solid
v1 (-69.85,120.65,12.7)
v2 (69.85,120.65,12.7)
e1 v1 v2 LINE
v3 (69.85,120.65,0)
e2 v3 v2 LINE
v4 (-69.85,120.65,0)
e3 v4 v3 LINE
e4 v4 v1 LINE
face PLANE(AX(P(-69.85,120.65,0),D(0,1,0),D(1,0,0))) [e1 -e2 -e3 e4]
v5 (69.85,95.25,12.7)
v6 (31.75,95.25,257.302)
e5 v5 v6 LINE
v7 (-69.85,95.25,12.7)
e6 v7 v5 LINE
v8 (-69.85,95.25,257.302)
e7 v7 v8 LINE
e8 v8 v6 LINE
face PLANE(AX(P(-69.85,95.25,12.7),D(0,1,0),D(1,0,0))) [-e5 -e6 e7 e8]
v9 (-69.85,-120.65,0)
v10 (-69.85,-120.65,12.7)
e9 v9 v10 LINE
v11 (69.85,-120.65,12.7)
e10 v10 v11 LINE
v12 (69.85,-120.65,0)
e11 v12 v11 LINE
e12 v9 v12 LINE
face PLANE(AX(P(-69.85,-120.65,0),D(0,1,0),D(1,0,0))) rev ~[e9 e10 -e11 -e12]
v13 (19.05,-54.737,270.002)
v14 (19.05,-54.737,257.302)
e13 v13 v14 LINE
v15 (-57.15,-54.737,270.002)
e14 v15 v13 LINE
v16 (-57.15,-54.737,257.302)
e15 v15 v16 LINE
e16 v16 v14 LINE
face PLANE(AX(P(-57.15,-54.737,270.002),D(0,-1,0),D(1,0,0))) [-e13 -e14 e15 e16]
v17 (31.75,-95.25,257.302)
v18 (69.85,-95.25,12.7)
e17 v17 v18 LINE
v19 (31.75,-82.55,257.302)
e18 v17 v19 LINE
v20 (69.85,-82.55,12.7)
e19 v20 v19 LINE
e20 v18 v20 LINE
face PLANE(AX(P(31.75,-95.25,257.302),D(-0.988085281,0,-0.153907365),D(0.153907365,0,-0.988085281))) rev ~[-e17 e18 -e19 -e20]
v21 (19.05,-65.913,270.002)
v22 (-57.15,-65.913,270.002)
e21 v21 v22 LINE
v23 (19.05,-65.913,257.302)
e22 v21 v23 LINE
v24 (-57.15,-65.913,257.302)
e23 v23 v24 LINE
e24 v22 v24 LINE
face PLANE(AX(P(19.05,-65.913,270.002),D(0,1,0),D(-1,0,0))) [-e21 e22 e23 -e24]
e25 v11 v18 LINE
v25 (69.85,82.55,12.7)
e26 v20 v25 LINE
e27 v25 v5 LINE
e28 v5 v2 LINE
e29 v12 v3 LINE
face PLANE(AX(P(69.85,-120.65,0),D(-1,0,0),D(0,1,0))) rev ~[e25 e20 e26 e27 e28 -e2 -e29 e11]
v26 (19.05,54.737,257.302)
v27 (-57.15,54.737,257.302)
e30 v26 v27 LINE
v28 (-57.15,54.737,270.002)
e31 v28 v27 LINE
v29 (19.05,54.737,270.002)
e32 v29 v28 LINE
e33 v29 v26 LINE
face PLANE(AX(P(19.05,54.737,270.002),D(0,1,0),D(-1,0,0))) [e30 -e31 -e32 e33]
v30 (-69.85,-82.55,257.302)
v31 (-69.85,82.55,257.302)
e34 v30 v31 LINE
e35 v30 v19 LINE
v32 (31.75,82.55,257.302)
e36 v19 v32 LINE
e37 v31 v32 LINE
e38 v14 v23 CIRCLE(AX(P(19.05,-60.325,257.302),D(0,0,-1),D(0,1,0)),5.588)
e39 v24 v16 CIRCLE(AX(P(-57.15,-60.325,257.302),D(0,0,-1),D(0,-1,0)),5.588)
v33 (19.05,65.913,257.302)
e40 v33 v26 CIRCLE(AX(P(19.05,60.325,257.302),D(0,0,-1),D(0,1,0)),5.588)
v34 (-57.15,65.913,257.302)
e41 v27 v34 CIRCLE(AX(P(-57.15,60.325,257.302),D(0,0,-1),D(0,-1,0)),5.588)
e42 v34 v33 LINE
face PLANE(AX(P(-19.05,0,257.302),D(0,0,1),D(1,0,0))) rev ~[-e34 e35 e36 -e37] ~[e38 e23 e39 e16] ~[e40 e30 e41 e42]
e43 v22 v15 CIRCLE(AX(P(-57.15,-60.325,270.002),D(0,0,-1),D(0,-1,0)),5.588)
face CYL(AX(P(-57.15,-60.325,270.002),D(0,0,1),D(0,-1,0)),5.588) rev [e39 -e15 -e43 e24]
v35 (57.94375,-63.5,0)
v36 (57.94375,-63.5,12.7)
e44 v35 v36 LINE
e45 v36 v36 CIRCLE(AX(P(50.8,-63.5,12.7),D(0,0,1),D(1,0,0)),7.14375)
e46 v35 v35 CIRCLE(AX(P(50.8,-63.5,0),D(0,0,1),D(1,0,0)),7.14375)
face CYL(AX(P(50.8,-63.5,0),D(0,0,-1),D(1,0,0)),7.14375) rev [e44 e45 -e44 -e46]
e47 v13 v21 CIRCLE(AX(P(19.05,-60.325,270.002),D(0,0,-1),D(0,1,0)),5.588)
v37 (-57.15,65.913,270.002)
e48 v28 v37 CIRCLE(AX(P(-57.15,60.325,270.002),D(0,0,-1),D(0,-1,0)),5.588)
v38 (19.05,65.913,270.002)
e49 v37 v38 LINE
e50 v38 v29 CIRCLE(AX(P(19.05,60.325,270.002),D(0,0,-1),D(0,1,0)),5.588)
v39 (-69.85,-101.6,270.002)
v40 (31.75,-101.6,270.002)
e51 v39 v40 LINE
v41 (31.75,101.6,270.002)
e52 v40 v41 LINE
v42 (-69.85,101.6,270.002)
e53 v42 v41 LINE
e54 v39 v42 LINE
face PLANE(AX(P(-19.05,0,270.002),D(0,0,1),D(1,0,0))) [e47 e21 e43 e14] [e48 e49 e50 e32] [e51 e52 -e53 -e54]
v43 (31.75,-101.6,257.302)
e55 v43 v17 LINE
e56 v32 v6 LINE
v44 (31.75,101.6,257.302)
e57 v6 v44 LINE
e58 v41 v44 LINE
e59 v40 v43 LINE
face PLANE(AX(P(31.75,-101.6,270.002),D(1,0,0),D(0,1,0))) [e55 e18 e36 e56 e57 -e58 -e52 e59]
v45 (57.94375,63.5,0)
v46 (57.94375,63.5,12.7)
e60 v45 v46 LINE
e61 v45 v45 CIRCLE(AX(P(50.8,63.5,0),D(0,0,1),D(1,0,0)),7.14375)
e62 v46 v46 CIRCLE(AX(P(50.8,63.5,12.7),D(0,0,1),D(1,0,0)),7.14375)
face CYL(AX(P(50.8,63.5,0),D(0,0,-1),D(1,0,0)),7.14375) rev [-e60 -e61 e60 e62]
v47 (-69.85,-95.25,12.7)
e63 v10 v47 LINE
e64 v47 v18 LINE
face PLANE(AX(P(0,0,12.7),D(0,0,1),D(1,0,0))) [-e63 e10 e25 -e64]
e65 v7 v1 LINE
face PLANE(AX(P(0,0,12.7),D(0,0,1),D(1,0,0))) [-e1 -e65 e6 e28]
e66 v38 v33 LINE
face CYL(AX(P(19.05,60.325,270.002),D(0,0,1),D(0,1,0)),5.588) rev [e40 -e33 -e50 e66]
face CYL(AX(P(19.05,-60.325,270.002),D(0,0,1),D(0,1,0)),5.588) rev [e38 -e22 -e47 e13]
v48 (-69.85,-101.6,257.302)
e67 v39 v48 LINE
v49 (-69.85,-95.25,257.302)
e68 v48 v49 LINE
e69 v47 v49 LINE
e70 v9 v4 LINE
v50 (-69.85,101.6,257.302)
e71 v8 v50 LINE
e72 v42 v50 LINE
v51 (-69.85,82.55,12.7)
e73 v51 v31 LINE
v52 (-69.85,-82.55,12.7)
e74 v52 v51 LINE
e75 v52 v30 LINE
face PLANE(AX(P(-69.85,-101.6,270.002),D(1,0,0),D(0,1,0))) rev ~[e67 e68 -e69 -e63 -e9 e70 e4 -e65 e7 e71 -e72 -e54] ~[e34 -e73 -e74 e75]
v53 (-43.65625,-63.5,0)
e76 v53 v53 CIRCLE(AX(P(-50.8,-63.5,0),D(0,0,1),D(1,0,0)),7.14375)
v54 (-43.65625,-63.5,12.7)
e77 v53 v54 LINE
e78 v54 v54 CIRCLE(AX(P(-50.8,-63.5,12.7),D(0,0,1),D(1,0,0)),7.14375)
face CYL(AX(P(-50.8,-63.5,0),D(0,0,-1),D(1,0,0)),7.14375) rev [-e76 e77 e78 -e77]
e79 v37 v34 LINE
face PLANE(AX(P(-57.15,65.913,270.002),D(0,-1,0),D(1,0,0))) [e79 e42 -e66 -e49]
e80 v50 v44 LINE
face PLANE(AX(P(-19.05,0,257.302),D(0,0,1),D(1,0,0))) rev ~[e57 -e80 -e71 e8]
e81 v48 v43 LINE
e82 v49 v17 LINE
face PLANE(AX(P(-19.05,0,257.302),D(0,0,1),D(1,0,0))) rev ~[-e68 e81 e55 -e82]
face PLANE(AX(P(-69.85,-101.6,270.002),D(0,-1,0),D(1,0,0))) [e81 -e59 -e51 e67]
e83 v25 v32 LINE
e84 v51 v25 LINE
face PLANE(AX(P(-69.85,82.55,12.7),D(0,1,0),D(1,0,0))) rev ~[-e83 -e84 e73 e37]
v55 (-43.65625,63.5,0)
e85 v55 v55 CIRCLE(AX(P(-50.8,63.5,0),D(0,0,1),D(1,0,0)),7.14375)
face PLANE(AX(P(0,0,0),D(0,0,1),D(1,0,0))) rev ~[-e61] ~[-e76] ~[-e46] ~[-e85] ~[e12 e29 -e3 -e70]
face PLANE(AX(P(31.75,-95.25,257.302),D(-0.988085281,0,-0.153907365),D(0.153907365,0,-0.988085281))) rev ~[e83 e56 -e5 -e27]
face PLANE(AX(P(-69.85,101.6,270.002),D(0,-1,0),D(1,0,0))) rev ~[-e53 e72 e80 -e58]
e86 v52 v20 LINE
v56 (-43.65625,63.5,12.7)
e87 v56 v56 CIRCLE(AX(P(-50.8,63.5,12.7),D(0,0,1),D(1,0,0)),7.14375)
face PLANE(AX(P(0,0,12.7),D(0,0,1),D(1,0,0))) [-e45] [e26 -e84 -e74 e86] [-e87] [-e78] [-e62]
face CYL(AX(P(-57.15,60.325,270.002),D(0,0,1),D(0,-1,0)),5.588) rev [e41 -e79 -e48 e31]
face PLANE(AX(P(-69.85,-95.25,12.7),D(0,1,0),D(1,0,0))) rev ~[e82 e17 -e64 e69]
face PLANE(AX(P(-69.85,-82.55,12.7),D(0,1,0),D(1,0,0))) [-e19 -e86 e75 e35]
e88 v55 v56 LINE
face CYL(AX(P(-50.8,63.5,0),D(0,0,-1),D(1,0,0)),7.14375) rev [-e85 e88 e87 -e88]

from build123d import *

# Parameters (mm, degrees)
F0_W     = 139.7
F0_H     = 241.3
F0_R     = 7.14375
F1_DEPTH = 12.7
F3_W     = 101.6
F3_H     = 203.2
F4_DEPTH = 12.7
F5_W     = 139.7
F5_H     = 12.7
F6_DEPTH = 244.602
F9_DEPTH = 215.901


with BuildPart() as f1:
    # F0 (on Top) → F1 (new body)
    with BuildSketch(Plane.XY):
        Rectangle(F0_W, F0_H)
        with Locations((-50.8, -63.5)):
            Circle(F0_R, mode=Mode.SUBTRACT)
        with Locations((50.8, -63.5)):
            Circle(F0_R, mode=Mode.SUBTRACT)
        with Locations((-50.8, 63.5)):
            Circle(F0_R, mode=Mode.SUBTRACT)
        with Locations((50.8, 63.5)):
            Circle(F0_R, mode=Mode.SUBTRACT)
    extrude(amount=F1_DEPTH)


with BuildPart() as f4:
    # F3 (on offset) → F4 (new body)
    with BuildSketch(Plane.XY.offset(270.002)):
        with Locations((-19.05, 0)):
            Rectangle(F3_W, F3_H)
        with BuildLine():
            ThreePointArc((-57.15, -65.913), (-62.738, -60.325), (-57.15, -54.737))
            Line((-57.15, -54.737), (19.05, -54.737))
            ThreePointArc((19.05, -54.737), (24.638, -60.325), (19.05, -65.913))
            Line((19.05, -65.913), (-57.15, -65.913))
        make_face(mode=Mode.SUBTRACT)
        with BuildLine():
            Line((19.05, 54.737), (-57.15, 54.737))
            ThreePointArc((-57.15, 54.737), (-62.738, 60.325), (-57.15, 65.913))
            Line((-57.15, 65.913), (19.05, 65.913))
            ThreePointArc((19.05, 65.913), (24.638, 60.325), (19.05, 54.737))
        make_face(mode=Mode.SUBTRACT)
    extrude(amount=-F4_DEPTH)


with BuildPart() as f6:
    # F5 (on face) → F6 (new body, through all)
    with BuildSketch(Plane.XY.offset(12.7)):
        with Locations((0, 88.9)):
            Rectangle(F5_W, F5_H)
    extrude(amount=F6_DEPTH)


with BuildPart() as f6b:
    # F5 (on face) → F6, piece 2 (new body, through all)
    with BuildSketch(Plane.XY.offset(12.7)):
        with Locations((0, -88.9)):
            Rectangle(F5_W, F5_H)
    extrude(amount=F6_DEPTH)


with BuildPart() as f1_1:
    add(f1.part)

    # F7: union F6b, F6, F4
    add(f6b.part)
    add(f6.part)
    add(f4.part)

    # F8 (on face) → F9 (cut, through all)
    with BuildSketch(Plane.XZ.offset(95.25)):
        Polygon((69.85, 257.302), (31.75, 257.302), (69.85, 12.7), align=None)
    extrude(amount=-F9_DEPTH, mode=Mode.SUBTRACT)


solid = f1_1.part
